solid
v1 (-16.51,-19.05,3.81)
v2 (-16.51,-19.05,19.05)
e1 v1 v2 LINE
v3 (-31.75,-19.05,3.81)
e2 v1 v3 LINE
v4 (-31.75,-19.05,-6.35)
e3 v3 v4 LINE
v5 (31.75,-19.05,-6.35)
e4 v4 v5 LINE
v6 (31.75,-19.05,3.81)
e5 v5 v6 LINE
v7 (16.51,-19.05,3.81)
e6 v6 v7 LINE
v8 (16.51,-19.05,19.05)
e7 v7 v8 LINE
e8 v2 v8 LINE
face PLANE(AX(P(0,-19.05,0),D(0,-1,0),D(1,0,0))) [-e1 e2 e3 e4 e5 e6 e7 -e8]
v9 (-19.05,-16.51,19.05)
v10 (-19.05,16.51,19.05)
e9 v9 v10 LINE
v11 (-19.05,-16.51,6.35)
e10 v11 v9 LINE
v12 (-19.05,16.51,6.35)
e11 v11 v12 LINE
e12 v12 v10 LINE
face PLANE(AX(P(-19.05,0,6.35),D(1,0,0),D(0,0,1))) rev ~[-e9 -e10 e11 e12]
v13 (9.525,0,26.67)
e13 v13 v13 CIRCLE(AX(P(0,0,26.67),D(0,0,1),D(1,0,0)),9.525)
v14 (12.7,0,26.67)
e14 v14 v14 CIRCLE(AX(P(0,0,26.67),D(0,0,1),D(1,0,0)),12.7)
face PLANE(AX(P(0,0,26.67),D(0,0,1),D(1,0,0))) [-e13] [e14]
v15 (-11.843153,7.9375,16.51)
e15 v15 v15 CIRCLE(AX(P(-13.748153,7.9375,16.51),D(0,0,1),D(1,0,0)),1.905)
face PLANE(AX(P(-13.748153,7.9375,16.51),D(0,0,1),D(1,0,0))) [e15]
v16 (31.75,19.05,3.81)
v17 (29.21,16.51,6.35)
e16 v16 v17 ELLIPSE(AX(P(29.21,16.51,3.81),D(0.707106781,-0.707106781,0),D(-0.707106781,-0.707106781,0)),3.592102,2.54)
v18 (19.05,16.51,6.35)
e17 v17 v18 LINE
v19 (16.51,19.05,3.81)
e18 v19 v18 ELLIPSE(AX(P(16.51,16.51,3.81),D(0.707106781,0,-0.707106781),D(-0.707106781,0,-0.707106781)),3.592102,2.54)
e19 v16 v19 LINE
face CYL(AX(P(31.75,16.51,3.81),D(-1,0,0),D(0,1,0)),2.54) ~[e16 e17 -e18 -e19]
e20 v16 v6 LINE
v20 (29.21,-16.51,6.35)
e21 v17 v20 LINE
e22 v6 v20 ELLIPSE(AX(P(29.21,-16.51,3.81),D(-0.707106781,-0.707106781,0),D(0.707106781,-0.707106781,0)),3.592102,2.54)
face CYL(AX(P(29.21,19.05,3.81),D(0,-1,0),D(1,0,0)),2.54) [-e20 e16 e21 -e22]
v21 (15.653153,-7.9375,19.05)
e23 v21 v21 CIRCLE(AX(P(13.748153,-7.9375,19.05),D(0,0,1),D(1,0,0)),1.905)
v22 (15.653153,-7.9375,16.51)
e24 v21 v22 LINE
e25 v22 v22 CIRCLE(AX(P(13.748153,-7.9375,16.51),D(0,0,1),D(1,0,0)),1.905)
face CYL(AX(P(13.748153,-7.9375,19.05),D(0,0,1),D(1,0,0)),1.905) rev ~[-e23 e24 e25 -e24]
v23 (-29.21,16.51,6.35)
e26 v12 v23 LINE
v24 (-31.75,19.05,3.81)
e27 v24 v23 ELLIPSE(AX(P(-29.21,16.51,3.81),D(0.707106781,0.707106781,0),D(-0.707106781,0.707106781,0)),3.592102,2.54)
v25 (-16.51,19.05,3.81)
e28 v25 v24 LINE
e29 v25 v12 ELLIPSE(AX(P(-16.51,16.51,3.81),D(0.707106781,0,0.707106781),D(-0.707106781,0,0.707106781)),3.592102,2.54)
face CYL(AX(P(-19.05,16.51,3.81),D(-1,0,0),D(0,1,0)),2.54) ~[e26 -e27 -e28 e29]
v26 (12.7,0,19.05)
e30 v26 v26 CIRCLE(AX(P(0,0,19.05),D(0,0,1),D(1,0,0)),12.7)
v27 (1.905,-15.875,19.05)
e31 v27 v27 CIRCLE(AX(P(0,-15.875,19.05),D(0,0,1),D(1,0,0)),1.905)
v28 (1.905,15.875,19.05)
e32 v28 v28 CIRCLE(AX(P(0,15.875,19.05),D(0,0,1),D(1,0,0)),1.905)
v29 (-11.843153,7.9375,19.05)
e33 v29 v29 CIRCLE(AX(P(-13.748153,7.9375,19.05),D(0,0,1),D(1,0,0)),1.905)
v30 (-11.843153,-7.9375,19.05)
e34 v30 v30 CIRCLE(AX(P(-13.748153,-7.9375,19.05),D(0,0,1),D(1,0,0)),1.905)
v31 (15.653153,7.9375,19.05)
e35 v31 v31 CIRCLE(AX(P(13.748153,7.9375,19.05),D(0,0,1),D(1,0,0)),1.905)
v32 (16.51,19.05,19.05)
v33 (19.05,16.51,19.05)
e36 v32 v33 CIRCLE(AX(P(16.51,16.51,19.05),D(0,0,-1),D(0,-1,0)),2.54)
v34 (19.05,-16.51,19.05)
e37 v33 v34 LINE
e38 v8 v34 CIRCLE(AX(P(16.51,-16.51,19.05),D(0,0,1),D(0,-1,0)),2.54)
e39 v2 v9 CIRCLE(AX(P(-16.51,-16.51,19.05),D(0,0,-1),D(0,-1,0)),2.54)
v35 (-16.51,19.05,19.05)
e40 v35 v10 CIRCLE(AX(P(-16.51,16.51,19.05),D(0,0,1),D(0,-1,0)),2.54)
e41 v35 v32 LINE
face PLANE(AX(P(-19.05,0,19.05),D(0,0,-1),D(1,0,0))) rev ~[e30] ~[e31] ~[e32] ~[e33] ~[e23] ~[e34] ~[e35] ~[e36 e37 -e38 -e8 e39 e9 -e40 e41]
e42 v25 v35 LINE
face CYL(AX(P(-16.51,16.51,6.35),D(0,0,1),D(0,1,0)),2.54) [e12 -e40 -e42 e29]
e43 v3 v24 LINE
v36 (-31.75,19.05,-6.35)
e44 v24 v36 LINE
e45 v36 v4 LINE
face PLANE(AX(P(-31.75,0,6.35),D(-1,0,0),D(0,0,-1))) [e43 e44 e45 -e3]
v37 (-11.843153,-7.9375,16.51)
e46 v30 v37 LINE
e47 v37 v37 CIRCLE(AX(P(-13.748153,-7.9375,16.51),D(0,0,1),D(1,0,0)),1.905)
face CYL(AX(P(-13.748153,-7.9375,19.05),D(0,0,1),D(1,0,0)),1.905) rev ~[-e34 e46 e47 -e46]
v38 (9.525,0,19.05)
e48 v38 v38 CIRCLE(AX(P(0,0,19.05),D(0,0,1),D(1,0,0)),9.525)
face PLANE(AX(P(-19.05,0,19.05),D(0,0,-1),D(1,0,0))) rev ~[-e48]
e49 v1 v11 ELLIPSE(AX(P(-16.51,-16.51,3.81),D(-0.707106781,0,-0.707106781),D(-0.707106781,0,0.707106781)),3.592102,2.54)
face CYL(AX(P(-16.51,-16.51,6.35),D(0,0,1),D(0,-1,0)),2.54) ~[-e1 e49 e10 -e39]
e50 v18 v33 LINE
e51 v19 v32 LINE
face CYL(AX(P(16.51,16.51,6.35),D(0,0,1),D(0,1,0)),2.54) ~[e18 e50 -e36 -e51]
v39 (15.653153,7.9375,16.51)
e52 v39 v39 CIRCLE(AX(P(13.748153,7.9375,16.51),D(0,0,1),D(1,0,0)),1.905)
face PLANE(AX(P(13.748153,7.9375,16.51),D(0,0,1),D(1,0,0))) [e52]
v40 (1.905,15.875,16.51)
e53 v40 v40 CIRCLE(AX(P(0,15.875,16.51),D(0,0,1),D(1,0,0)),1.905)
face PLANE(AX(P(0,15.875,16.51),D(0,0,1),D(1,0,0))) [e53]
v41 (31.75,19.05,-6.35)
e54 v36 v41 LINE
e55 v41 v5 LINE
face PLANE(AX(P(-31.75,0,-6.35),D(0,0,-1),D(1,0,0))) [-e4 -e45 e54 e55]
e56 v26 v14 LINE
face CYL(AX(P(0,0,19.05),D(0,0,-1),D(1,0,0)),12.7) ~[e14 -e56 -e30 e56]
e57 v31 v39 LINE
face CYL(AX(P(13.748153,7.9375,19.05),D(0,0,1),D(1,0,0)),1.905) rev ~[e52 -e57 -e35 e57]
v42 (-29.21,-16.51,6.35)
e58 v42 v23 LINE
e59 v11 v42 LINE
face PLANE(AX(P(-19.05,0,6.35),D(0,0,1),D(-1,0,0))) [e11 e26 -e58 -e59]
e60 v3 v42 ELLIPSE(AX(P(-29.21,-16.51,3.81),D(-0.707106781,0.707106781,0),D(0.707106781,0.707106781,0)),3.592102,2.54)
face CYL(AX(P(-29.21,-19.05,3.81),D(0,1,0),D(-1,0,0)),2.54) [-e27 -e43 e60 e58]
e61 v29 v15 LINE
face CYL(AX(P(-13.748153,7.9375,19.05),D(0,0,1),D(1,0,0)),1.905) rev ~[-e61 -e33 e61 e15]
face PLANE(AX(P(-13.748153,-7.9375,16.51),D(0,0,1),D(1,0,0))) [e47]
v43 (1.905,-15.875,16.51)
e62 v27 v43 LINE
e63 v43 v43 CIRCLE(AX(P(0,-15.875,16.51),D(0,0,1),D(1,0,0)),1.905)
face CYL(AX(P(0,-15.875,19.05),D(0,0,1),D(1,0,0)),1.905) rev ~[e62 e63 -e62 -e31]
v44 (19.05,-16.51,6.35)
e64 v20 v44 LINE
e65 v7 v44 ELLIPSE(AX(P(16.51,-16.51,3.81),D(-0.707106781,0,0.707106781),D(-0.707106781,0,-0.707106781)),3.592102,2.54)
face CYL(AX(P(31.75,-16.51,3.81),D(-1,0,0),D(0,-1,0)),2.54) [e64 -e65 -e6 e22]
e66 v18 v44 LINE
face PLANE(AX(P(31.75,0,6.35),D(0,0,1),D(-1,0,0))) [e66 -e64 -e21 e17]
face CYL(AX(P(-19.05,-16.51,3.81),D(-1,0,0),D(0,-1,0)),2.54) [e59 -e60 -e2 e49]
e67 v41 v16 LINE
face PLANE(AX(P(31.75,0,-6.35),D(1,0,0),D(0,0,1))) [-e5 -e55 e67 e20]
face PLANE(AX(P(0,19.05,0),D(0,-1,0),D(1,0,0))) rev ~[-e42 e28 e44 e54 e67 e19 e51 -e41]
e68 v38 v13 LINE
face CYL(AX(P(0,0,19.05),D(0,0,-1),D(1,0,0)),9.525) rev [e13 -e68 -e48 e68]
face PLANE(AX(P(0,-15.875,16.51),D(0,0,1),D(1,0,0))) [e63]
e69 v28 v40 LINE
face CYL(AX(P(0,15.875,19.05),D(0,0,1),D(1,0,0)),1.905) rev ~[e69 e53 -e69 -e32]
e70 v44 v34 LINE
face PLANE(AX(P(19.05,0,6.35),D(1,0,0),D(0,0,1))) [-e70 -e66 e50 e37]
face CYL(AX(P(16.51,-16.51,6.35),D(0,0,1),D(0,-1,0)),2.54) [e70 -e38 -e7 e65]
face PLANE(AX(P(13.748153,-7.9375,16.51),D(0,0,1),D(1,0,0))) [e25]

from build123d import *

# Parameters (mm, degrees)
F0_W     = 38.1
F0_H     = 12.7
F1_DEPTH = 19.05
F2_R     = 12.7
F2_R_2   = 9.525
F3_DEPTH = 7.62
F4_R     = 1.905
F5_DEPTH = 2.54
F6_R     = 2.54


with BuildPart() as f1:
    # F0 (on Front) → F1 (new body, symmetric)
    with BuildSketch(Plane.XZ):
        Polygon((-19.05, 6.35), (-31.75, 6.35), (-31.75, -6.35), (31.75, -6.35), (31.75, 6.35), (19.05, 6.35), align=None)
        with Locations((0, 12.7)):
            Rectangle(F0_W, F0_H)
    extrude(amount=F1_DEPTH, both=True)

    # F2 (on face) → F3 (join)
    with BuildSketch(Plane.XY.offset(19.05)):
        Circle(F2_R)
        Circle(F2_R_2, mode=Mode.SUBTRACT)
    extrude(amount=F3_DEPTH)

    # F4 (on face) → F5 (cut)
    with BuildSketch(Plane.XY.offset(19.05)):
        with Locations((13.748153, -7.9375)):
            Circle(F4_R)
        with Locations((13.748153, 7.9375)):
            Circle(F4_R)
        with Locations((0, 15.875)):
            Circle(F4_R)
        with Locations((-13.748153, 7.9375)):
            Circle(F4_R)
        with Locations((-13.748153, -7.9375)):
            Circle(F4_R)
        with Locations((0, -15.875)):
            Circle(F4_R)
    extrude(amount=-F5_DEPTH, mode=Mode.SUBTRACT)

    # F6
    f6_edges = [f1.edges().sort_by_distance(p)[0] for p in [
        (25.4, 19.05, 6.35),
        (31.75, 0, 6.35),
        (25.4, -19.05, 6.35),
        (-19.05, 19.05, 12.7),
        (-25.4, 19.05, 6.35),
        (-31.75, 0, 6.35),
        (-25.4, -19.05, 6.35),
        (-19.05, -19.05, 12.7),
        (19.05, -19.05, 12.7),
        (19.05, 19.05, 12.7),
    ]]
    fillet(f6_edges, radius=F6_R)


solid = f1.part
